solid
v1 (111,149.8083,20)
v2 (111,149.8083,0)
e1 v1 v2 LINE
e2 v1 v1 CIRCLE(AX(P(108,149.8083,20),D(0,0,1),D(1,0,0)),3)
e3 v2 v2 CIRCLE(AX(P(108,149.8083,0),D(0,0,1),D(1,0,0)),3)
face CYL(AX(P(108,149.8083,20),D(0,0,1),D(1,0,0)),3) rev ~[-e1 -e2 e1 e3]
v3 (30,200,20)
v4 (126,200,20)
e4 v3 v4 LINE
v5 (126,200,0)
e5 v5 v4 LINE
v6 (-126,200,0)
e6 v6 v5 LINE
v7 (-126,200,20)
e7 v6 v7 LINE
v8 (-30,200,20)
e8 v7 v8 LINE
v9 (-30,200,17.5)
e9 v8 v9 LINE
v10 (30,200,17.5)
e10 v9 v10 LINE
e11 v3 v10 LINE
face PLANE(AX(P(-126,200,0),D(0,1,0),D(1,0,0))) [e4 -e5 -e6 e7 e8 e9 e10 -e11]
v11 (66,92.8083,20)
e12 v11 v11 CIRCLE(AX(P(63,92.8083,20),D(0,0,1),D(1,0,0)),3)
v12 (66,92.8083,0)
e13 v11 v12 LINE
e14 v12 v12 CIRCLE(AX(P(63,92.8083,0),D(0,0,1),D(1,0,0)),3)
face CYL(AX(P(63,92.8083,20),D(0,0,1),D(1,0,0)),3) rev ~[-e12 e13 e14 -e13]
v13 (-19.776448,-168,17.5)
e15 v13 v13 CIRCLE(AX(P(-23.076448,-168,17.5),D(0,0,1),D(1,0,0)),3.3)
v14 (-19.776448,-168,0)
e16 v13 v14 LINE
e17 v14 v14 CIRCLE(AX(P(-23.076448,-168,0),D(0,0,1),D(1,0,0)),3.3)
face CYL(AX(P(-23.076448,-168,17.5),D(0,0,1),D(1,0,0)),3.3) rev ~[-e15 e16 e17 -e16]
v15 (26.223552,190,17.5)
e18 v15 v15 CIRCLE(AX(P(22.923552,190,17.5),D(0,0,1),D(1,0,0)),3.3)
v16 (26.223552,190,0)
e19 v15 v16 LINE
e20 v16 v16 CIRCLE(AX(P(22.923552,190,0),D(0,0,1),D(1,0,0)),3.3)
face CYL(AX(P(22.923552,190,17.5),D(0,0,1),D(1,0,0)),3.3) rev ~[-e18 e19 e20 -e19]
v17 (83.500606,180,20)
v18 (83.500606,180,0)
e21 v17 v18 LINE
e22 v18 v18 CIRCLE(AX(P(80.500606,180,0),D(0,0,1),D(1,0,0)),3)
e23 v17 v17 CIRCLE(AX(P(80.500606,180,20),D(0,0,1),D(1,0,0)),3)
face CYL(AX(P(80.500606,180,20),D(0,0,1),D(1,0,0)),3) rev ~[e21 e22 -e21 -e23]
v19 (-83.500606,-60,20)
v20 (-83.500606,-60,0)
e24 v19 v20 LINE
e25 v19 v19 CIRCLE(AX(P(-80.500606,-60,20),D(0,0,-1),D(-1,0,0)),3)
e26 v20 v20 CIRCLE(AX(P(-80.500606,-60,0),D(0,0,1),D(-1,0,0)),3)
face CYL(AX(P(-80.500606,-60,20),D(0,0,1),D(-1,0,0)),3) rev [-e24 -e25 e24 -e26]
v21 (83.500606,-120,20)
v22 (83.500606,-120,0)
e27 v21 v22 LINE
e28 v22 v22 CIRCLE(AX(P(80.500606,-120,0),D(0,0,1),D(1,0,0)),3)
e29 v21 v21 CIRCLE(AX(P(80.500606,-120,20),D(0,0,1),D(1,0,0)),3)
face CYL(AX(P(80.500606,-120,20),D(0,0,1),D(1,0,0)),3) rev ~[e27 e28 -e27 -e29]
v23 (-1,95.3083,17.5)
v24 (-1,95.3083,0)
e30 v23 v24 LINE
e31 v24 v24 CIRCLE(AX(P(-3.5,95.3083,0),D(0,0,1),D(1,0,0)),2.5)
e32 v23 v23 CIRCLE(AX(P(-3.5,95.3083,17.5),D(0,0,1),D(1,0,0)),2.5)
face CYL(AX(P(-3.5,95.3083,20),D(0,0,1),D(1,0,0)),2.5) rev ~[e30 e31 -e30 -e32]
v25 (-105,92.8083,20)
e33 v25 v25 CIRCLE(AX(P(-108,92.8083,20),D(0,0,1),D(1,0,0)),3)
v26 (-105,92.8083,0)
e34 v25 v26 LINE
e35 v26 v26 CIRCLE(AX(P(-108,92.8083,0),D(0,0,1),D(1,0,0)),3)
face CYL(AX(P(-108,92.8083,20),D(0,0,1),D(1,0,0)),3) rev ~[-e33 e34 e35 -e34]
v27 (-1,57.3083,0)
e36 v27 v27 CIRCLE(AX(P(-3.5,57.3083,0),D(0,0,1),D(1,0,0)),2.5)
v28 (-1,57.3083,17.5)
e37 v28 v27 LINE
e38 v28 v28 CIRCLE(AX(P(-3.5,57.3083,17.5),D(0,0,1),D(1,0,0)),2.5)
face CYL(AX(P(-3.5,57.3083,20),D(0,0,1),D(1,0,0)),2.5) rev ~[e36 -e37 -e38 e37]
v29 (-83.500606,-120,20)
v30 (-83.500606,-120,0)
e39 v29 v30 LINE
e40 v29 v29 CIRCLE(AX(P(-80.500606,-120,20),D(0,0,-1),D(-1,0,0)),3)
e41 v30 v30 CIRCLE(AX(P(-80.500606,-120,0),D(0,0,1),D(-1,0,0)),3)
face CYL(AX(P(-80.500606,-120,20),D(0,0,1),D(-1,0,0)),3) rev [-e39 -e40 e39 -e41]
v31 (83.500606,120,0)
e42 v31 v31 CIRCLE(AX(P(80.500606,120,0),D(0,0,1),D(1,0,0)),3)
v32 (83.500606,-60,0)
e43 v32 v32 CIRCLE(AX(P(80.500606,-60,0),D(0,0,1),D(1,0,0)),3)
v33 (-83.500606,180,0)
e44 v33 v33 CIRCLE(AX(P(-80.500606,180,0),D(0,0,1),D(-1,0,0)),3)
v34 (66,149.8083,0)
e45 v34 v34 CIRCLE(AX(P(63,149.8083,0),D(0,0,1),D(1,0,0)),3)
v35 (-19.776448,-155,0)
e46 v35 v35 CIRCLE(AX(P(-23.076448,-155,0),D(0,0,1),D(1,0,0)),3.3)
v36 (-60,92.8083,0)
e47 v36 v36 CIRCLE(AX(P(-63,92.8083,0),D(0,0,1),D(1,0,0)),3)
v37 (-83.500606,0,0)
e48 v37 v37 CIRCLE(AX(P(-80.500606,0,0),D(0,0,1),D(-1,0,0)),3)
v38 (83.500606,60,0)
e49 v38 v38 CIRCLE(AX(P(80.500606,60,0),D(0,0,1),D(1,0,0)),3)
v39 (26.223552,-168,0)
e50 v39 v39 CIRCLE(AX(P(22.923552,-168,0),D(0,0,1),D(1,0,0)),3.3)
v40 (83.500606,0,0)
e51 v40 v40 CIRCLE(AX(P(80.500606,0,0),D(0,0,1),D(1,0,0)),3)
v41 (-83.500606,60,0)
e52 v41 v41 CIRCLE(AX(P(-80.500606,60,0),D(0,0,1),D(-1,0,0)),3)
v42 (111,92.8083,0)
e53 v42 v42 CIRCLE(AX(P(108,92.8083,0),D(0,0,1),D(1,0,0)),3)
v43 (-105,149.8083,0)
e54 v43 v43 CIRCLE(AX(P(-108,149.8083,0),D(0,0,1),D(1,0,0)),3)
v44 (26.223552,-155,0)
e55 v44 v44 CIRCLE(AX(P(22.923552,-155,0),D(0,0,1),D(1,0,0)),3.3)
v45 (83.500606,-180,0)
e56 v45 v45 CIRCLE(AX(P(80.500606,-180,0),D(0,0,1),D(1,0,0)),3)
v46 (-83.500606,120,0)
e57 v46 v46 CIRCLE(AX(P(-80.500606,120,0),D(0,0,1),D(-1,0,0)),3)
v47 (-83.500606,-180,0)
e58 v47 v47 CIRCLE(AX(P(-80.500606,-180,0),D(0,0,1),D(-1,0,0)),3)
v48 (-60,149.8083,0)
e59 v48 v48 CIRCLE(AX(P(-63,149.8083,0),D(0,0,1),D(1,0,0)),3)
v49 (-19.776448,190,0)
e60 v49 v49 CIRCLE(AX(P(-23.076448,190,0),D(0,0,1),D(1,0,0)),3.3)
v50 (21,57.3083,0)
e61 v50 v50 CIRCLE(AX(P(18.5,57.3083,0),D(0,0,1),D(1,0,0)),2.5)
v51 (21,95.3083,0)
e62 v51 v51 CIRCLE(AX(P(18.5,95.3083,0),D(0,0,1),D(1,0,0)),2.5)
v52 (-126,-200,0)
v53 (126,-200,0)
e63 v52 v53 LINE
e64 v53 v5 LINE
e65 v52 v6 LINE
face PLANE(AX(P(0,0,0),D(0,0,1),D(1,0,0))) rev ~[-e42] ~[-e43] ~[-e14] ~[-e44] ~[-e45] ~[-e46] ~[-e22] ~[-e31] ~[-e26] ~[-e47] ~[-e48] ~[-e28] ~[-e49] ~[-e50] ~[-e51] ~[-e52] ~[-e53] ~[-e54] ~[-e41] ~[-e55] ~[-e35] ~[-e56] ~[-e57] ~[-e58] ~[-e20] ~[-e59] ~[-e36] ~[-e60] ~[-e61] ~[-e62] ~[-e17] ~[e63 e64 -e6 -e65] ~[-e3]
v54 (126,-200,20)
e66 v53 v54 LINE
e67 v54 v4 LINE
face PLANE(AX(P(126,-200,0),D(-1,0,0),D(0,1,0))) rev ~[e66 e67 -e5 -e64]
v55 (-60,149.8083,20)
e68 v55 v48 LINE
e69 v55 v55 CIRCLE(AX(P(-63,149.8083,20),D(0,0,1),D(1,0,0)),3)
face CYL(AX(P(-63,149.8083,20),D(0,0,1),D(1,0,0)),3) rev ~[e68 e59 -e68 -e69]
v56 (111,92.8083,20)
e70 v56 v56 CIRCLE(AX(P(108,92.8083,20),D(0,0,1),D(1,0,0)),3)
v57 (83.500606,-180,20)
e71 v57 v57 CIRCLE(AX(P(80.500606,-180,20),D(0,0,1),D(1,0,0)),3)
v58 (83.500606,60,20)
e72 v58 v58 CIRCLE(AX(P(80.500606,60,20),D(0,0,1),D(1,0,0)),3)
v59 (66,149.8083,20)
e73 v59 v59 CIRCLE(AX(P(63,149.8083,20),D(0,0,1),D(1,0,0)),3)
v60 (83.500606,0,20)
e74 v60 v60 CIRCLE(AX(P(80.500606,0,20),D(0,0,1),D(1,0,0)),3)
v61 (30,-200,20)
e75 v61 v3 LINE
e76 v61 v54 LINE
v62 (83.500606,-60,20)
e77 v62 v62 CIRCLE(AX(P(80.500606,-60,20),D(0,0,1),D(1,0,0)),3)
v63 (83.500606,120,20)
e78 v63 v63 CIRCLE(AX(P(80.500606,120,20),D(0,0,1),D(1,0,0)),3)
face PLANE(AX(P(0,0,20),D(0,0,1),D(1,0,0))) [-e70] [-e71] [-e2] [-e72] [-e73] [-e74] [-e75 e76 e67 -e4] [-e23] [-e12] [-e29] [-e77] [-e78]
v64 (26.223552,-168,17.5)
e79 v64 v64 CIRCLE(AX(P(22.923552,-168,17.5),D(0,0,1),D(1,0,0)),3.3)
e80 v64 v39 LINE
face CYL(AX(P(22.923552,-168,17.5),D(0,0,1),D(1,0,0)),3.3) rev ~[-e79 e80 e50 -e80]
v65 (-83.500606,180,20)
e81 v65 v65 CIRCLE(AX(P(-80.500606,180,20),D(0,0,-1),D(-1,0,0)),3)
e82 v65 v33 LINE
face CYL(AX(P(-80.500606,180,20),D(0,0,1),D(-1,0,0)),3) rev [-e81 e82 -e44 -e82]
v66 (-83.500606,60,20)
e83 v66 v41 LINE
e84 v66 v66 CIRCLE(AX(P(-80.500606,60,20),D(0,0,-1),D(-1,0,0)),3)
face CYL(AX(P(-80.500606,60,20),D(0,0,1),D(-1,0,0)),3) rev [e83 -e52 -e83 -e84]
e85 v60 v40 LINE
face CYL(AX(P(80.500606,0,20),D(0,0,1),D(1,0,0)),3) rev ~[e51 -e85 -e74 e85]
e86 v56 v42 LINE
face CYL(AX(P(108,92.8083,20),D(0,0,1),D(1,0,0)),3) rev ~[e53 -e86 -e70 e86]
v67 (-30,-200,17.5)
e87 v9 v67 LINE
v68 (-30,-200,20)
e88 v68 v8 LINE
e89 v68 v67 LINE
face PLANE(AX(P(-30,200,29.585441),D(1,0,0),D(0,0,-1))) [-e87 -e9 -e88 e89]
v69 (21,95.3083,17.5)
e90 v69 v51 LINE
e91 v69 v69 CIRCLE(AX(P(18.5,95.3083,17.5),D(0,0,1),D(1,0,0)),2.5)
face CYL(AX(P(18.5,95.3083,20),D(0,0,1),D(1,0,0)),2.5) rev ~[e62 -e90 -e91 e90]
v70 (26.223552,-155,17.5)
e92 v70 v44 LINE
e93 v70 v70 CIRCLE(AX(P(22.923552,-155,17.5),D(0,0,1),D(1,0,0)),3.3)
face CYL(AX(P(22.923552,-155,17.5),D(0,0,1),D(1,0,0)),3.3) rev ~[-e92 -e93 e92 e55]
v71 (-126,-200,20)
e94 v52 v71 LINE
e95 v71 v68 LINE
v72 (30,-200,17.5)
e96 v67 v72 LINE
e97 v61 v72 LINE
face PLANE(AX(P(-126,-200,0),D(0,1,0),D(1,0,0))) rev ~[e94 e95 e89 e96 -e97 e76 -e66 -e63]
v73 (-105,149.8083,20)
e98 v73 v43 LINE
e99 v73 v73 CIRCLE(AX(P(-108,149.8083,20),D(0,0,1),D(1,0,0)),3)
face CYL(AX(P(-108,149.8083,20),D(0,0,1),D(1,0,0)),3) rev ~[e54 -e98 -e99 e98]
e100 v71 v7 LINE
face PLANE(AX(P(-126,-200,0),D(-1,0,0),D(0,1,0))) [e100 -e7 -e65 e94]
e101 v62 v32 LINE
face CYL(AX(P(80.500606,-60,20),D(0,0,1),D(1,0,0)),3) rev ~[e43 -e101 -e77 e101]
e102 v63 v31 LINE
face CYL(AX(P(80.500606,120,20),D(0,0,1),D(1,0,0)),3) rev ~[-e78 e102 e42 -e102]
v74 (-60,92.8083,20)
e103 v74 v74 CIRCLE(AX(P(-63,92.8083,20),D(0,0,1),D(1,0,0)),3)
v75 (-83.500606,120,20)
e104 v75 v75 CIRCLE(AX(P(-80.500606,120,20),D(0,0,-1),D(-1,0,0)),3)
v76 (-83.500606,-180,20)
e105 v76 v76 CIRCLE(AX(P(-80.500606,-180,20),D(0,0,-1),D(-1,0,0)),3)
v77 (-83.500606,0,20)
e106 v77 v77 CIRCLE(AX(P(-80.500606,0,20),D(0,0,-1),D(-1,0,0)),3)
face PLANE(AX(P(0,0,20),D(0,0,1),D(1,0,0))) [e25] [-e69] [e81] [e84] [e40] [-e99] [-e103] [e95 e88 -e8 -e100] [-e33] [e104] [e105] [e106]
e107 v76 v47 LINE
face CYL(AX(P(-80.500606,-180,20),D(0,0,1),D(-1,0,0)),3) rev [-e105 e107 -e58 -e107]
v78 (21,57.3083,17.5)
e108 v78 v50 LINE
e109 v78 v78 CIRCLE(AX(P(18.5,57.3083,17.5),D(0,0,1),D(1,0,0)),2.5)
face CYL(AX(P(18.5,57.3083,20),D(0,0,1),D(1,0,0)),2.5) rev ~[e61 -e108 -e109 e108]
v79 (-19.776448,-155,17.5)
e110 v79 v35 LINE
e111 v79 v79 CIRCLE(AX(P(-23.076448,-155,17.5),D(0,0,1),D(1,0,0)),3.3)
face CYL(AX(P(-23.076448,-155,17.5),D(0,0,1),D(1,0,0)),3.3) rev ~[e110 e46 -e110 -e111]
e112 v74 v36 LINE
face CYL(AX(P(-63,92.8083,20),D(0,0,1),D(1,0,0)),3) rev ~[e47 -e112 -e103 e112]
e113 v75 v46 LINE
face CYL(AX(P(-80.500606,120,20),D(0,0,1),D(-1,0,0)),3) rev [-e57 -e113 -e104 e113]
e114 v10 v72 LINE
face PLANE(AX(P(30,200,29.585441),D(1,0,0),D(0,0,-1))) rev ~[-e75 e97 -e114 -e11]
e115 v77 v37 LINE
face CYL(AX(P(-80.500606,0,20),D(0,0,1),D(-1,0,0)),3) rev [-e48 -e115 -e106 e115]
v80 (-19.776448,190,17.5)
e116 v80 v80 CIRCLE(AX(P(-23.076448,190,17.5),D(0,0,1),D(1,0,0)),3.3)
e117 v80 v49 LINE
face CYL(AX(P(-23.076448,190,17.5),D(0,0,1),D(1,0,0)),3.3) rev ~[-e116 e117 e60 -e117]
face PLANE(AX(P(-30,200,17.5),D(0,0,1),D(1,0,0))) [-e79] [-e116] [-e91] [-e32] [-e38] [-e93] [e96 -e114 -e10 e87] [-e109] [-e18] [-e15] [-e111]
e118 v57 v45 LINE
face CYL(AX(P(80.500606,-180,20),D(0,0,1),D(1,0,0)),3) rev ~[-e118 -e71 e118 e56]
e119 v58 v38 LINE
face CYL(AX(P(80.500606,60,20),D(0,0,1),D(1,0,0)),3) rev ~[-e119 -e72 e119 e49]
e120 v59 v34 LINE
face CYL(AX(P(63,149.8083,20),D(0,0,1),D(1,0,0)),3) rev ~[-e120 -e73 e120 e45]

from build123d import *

# Parameters (mm, degrees)
SCHIZZO1_W                   = 252
SCHIZZO1_H                   = 400
ESTRUSIONE_ESTRUSIONE1_DEPTH = 20
SCHIZZO3_W                   = 60
SCHIZZO3_H                   = 12.0854414
TAGLIO_ESTRUSIONE1_DEPTH     = 420.852355001
SCHIZZO4_R                   = 3.3
TAGLIO_ESTRUSIONE2_DEPTH     = 238.027951938
SCHIZZO5_R                   = 3
TAGLIO_ESTRUSIONE3_DEPTH     = 238.225630993
SCHIZZO6_R                   = 3
SCHIZZO6_R_2                 = 2.5
TAGLIO_ESTRUSIONE4_DEPTH     = 238.225630993


with BuildPart() as part:
    # Schizzo1 → Estrusione-Estrusione1 (new body)
    with BuildSketch(Plane.XY):
        Rectangle(SCHIZZO1_W, SCHIZZO1_H)
    extrude(amount=ESTRUSIONE_ESTRUSIONE1_DEPTH)

    # Schizzo3 → Taglio-Estrusione1 (cut, through all)
    with BuildSketch(Plane(origin=(0, 200, 0), x_dir=(1, 0, 0), z_dir=(0, 1, 0))):
        with Locations((0, -23.5427207)):
            Rectangle(SCHIZZO3_W, SCHIZZO3_H)
    extrude(amount=-TAGLIO_ESTRUSIONE1_DEPTH, mode=Mode.SUBTRACT)

    # Schizzo4 → Taglio-Estrusione2 (cut, through all)
    with BuildSketch(Plane.XY.offset(17.5)):
        with Locations((22.92355164, 190)):
            Circle(SCHIZZO4_R)
        with Locations((-23.07644836, 190)):
            Circle(SCHIZZO4_R)
        with Locations((22.92355164, -155)):
            Circle(SCHIZZO4_R)
        with Locations((-23.07644836, -155)):
            Circle(SCHIZZO4_R)
        with Locations((22.92355164, -168)):
            Circle(SCHIZZO4_R)
        with Locations((-23.07644836, -168)):
            Circle(SCHIZZO4_R)
    extrude(amount=-TAGLIO_ESTRUSIONE2_DEPTH, mode=Mode.SUBTRACT)

    # Schizzo5 → Taglio-Estrusione3 (cut, through all)
    with BuildSketch(Plane.XY.offset(20)):
        with Locations((80.500605801, -120)):
            Circle(SCHIZZO5_R)
        with Locations((80.500605801, -180)):
            Circle(SCHIZZO5_R)
        with Locations((80.500605801, 180)):
            Circle(SCHIZZO5_R)
        with Locations((80.500605801, 120)):
            Circle(SCHIZZO5_R)
        with Locations((80.500605801, 60)):
            Circle(SCHIZZO5_R)
        with Locations((80.500605801, 0)):
            Circle(SCHIZZO5_R)
        with Locations((80.500605801, -60)):
            Circle(SCHIZZO5_R)
    taglio_estrusione3 = extrude(amount=-TAGLIO_ESTRUSIONE3_DEPTH, mode=Mode.SUBTRACT)

    # Specchia1: Taglio-Estrusione3 across plane
    add(taglio_estrusione3.mirror(Plane(origin=(0, 0, 0), x_dir=(0, 0, 1), z_dir=(1, 0, 0))), mode=Mode.SUBTRACT)

    # Schizzo6 → Taglio-Estrusione4 (cut, through all)
    with BuildSketch(Plane.XY.offset(20)):
        with Locations((108, 92.808299679)):
            Circle(SCHIZZO6_R)
        with Locations((63, 92.808299679)):
            Circle(SCHIZZO6_R)
        with Locations((108, 149.808299679)):
            Circle(SCHIZZO6_R)
        with Locations((63, 149.808299679)):
            Circle(SCHIZZO6_R)
        with Locations((-3.5, 95.308299679)):
            Circle(SCHIZZO6_R_2)
        with Locations((18.5, 95.308299679)):
            Circle(SCHIZZO6_R_2)
        with Locations((-3.5, 57.308299679)):
            Circle(SCHIZZO6_R_2)
        with Locations((18.5, 57.308299679)):
            Circle(SCHIZZO6_R_2)
        with Locations((-63, 92.808299679)):
            Circle(SCHIZZO6_R)
        with Locations((-108, 92.808299679)):
            Circle(SCHIZZO6_R)
        with Locations((-63, 149.808299679)):
            Circle(SCHIZZO6_R)
        with Locations((-108, 149.808299679)):
            Circle(SCHIZZO6_R)
    extrude(amount=-TAGLIO_ESTRUSIONE4_DEPTH, mode=Mode.SUBTRACT)


solid = part.part
